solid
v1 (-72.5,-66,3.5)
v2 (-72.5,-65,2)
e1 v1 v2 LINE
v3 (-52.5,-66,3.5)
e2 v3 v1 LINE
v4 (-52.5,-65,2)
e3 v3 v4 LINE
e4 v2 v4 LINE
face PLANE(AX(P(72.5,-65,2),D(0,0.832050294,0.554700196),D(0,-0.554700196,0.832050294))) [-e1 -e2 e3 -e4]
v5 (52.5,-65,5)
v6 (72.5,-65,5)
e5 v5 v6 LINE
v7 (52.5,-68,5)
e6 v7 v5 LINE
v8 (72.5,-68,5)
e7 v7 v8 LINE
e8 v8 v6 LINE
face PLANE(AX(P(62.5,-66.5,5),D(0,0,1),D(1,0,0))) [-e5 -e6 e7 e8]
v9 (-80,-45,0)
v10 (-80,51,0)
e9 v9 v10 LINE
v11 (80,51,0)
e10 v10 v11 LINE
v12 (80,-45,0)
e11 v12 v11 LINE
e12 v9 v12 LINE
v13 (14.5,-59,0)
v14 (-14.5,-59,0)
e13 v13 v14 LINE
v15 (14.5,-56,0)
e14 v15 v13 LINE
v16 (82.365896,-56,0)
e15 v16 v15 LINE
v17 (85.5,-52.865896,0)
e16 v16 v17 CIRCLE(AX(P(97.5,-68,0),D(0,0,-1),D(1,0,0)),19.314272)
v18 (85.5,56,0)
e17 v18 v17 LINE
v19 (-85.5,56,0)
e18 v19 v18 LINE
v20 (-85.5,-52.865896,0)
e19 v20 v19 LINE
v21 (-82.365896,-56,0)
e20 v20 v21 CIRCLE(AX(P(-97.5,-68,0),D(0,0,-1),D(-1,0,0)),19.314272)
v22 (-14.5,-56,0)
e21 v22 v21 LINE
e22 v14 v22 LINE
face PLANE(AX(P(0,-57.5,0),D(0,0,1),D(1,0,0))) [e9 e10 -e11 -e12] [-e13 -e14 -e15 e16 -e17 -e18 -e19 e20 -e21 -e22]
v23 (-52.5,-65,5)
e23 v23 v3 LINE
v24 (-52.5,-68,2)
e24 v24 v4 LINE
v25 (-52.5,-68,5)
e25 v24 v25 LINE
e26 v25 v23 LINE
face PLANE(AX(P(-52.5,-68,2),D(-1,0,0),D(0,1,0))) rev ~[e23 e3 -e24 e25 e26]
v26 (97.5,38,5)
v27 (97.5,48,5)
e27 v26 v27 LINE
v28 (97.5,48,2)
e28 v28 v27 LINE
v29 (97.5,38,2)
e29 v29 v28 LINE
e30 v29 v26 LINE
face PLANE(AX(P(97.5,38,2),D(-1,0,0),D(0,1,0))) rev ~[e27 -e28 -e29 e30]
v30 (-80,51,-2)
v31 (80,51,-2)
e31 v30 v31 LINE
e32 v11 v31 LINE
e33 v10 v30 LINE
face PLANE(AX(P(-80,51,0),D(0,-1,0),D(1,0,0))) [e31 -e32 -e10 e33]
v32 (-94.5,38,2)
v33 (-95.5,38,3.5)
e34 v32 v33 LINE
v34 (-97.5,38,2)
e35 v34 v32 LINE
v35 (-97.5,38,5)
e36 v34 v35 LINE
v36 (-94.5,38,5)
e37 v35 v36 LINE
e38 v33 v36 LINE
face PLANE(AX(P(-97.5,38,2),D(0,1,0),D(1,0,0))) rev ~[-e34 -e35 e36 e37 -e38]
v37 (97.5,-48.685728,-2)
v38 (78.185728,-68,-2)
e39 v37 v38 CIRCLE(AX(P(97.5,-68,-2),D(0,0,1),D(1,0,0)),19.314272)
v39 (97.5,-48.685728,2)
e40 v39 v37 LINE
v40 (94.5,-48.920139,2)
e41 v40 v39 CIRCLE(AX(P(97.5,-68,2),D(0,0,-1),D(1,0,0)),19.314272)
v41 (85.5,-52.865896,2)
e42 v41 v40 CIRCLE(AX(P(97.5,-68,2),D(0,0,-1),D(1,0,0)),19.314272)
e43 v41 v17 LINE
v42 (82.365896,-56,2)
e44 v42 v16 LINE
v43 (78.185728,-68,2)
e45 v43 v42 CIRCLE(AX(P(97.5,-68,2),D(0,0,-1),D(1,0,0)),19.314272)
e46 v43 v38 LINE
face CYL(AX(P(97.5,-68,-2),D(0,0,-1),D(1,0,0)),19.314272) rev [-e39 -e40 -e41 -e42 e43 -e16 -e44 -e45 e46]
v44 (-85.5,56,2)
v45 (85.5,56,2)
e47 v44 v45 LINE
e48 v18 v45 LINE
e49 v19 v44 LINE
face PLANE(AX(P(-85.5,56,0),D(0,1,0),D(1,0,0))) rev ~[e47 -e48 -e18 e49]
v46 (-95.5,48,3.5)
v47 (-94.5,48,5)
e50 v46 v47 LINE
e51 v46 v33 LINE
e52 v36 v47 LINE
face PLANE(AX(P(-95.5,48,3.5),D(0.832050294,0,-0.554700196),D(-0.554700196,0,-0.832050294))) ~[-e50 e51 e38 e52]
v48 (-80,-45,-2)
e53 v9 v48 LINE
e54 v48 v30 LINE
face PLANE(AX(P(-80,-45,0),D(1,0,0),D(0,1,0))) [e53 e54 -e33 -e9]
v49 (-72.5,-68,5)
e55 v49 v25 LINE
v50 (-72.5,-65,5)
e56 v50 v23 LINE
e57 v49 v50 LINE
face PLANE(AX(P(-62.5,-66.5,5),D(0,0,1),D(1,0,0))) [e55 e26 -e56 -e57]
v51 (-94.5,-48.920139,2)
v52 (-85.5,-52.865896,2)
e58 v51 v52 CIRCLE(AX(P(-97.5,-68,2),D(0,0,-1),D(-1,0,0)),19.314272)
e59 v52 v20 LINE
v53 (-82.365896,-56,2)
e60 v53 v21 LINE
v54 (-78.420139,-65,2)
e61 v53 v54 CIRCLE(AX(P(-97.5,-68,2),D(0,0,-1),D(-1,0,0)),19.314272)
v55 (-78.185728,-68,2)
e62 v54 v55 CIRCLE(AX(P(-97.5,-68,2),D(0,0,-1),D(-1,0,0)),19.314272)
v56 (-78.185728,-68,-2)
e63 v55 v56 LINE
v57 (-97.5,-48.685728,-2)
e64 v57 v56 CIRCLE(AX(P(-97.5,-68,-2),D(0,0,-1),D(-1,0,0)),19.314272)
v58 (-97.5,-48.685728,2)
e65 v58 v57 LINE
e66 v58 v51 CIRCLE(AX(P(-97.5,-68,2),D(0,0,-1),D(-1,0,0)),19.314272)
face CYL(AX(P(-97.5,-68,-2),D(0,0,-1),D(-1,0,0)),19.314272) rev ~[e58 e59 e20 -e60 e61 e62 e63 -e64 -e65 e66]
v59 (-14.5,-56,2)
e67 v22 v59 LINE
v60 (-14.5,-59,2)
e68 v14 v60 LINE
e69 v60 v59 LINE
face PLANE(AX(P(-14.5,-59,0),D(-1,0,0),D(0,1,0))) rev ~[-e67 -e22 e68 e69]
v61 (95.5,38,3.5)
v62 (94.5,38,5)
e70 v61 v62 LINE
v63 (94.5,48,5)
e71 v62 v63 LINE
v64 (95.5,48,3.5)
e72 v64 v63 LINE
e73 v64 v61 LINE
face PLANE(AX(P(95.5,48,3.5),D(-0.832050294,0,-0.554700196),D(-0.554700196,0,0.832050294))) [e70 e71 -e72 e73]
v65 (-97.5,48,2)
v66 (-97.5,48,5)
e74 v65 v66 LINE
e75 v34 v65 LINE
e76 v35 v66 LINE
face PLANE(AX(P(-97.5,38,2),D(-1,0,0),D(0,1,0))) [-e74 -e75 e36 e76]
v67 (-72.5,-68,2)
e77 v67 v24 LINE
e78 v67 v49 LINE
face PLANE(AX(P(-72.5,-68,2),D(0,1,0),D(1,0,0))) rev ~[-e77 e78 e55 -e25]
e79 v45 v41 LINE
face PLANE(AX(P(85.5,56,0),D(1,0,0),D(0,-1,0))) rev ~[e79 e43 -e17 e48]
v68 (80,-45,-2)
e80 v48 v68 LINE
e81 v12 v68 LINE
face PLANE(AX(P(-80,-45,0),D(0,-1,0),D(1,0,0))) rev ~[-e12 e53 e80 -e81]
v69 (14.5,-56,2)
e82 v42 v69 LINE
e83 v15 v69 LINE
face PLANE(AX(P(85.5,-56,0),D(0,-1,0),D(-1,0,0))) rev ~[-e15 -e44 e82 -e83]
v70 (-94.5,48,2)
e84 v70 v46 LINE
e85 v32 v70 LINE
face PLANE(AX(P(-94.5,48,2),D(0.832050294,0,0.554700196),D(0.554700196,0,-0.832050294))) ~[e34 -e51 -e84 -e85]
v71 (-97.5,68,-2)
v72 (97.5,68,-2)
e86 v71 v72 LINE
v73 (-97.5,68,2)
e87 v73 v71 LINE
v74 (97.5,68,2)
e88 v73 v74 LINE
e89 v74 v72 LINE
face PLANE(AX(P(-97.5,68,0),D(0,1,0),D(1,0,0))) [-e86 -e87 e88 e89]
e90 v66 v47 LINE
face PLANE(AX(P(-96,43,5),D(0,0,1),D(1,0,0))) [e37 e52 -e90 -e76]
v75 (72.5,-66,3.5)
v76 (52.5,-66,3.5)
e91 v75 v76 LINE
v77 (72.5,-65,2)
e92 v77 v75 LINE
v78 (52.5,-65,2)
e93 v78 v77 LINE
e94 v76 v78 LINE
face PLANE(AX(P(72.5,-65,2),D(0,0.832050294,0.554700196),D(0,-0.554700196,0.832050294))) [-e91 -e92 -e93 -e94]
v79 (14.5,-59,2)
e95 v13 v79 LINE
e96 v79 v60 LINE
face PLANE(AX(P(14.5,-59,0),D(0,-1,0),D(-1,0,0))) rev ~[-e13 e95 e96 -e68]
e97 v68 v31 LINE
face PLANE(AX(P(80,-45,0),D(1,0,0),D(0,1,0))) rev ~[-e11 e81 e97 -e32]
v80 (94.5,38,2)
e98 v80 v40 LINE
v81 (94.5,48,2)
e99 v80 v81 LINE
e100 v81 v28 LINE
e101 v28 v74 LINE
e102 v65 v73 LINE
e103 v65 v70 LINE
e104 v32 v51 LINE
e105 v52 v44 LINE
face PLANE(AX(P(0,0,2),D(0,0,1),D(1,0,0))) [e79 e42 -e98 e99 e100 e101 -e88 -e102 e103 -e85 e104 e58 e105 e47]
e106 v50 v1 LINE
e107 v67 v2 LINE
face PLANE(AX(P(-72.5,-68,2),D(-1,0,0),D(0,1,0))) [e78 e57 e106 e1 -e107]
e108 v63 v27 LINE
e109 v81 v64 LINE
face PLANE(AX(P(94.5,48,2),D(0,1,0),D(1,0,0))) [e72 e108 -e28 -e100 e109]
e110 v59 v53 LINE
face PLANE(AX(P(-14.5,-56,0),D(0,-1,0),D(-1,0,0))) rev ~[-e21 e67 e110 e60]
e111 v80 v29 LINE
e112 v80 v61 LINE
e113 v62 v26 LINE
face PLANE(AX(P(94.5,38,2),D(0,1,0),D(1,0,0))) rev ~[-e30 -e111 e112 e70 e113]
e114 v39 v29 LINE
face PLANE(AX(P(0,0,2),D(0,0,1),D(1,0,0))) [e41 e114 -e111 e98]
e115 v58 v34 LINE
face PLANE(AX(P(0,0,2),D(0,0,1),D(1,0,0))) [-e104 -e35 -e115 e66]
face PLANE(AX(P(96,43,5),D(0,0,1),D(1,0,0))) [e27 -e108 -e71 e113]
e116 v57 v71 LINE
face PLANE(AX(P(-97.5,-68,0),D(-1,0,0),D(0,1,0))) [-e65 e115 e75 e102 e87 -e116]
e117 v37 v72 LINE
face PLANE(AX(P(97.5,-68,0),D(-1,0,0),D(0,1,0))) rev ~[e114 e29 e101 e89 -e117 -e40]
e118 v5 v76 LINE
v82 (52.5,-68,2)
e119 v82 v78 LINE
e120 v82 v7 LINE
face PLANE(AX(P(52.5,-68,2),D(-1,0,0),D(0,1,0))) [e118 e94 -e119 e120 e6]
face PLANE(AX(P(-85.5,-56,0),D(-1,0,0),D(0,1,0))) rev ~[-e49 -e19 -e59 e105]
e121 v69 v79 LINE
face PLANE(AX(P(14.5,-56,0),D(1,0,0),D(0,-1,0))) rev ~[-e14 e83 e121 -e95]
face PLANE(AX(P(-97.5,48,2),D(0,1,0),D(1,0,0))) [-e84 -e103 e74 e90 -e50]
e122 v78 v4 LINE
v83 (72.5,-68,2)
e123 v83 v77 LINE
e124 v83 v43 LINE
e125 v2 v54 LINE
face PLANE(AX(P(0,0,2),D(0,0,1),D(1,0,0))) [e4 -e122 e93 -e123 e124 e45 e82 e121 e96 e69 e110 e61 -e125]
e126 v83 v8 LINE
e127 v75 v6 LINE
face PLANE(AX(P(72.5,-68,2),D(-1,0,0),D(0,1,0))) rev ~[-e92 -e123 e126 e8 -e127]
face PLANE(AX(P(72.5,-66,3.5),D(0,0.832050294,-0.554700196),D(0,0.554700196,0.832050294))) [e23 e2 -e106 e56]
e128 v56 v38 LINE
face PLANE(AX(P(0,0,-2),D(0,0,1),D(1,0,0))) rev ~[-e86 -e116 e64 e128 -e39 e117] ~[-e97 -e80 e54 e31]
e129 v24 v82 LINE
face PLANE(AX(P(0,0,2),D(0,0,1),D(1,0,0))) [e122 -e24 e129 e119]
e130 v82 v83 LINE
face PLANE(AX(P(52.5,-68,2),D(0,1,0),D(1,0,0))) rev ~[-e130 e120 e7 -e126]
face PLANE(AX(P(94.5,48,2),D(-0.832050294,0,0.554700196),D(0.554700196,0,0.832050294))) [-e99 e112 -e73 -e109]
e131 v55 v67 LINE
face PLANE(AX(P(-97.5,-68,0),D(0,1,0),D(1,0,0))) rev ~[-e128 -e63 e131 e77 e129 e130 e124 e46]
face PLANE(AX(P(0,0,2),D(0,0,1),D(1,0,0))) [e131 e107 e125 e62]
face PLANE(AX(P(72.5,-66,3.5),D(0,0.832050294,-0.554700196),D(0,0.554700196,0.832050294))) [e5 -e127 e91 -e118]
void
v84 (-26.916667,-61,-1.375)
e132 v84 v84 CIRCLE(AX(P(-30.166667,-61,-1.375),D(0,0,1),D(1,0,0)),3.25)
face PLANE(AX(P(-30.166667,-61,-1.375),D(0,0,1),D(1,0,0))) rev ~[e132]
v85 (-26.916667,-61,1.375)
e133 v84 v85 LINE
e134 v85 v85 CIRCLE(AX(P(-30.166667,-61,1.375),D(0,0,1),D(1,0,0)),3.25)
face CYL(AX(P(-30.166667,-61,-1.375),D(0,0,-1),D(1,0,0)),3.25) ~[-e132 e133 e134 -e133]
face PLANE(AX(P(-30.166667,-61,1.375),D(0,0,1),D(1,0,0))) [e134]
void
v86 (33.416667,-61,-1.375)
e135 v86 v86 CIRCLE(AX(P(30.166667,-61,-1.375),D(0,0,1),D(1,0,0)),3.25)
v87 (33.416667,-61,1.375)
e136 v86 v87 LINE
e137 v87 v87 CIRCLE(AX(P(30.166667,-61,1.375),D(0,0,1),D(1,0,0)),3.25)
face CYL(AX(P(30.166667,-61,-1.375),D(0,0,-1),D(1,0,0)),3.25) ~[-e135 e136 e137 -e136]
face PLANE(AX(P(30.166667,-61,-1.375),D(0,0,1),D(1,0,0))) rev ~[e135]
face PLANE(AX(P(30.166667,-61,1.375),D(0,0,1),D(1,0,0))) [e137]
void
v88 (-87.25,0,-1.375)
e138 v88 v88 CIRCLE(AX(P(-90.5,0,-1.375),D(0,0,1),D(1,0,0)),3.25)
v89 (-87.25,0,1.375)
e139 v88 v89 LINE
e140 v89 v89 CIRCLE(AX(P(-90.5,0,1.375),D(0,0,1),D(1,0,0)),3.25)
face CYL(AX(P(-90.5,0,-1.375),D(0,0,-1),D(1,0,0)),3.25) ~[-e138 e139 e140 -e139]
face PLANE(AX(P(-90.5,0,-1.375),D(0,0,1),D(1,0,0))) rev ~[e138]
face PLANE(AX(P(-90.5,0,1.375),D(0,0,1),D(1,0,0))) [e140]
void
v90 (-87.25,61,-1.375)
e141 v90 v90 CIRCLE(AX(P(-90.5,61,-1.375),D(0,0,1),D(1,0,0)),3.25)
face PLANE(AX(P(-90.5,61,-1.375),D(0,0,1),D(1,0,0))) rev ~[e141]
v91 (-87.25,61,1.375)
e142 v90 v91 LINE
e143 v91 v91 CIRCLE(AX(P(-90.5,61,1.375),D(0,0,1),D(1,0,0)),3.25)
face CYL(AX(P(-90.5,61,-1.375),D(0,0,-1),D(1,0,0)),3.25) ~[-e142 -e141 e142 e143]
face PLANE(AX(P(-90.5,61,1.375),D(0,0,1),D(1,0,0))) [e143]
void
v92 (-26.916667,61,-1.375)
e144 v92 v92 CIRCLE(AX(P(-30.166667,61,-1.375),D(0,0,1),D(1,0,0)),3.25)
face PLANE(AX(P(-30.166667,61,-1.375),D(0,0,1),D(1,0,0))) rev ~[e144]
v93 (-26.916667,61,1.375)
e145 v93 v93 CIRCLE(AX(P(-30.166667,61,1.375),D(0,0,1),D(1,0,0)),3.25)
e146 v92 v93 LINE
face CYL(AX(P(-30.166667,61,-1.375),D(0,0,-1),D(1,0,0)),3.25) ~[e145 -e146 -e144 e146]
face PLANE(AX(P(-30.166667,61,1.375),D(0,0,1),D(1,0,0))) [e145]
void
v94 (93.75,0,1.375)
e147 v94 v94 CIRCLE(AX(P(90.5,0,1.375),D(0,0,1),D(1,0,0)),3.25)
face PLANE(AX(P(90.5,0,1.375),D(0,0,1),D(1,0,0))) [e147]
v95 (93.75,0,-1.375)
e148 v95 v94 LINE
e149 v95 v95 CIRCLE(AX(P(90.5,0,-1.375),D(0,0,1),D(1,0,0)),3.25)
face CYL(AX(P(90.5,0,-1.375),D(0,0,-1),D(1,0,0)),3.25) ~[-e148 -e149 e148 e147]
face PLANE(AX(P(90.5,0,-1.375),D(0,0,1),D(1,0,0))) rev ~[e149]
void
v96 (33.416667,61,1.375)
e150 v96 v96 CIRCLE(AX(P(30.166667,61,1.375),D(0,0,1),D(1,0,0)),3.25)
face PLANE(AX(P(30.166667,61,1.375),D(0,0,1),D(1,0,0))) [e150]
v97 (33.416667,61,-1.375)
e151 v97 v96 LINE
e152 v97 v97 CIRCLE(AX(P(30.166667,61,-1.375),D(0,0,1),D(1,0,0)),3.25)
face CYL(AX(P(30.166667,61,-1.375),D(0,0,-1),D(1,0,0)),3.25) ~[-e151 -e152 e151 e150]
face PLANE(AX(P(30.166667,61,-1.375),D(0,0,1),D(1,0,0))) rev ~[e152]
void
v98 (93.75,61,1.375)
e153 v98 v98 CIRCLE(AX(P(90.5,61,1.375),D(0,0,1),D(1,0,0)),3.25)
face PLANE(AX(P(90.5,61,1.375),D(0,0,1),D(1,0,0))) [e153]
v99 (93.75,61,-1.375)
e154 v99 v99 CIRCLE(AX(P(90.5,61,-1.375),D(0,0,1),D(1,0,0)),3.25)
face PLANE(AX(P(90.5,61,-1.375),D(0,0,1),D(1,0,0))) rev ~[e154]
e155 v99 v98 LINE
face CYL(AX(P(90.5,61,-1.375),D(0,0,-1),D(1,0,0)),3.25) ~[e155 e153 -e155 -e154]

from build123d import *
from build123d.topology import SkipClean

# Parameters (mm, degrees)
SKETCH1_W               = 195
SKETCH1_H               = 136
SKETCH1_W_2             = 160
SKETCH1_H_2             = 96
BOSS_EXTRUDE1_DEPTH     = 2
SKETCH1_3_W             = 195
SKETCH1_3_H             = 136
BOSS_EXTRUDE2_DEPTH     = 2
CUT_EXTRUDE1_DEPTH      = 1.375
CUT_EXTRUDE1_DEPTH_BACK = 1.375
SKETCH2_R               = 3.25
SKETCH3_R               = 19.314272249
CUT_EXTRUDE2_DEPTH      = 119.938009064
SKETCH5_W               = 20
SKETCH5_H               = 3
SKETCH5_W_2             = 3
SKETCH5_H_2             = 10
BOSS_EXTRUDE3_DEPTH     = 3
CUT_EXTRUDE3_DEPTH      = 184.163861064
CUT_EXTRUDE4_DEPTH      = 152.615467549


with BuildPart() as part:
    # Sketch1 → Boss-Extrude1 (new body)
    with BuildSketch(Plane.XY):
        Rectangle(SKETCH1_W, SKETCH1_H)
        with Locations((0, 3)):
            Rectangle(SKETCH1_W_2, SKETCH1_H_2, mode=Mode.SUBTRACT)
    extrude(amount=-BOSS_EXTRUDE1_DEPTH)

    # Sketch1<3> → Boss-Extrude2 (add)
    with BuildSketch(Plane.XY):
        Rectangle(SKETCH1_3_W, SKETCH1_3_H)
        Polygon((85.5, 56), (85.5, -56), (14.5, -56), (14.5, -59), (-14.5, -59), (-14.5, -56), (-85.5, -56), (-85.5, 56), align=None, mode=Mode.SUBTRACT)
    extrude(amount=BOSS_EXTRUDE2_DEPTH)

    # Sketch2 → Cut-Extrude1 (cut, two sides: drawn at the far end of the back side and taken through both)
    with SkipClean():  # the faces are left unmerged after this step: merging them gives an invalid solid
        with BuildSketch(Plane.XY.offset(-CUT_EXTRUDE1_DEPTH_BACK)):
            with Locations((-90.5, 61)):
                Circle(SKETCH2_R)
            with Locations((90.5, 61)):
                Circle(SKETCH2_R)
            with Locations((90.5, -61)):
                Circle(SKETCH2_R)
            with Locations((-90.5, -61)):
                Circle(SKETCH2_R)
            with Locations((-30.166666667, -61)):
                Circle(SKETCH2_R)
            with Locations((30.166666667, -61)):
                Circle(SKETCH2_R)
            with Locations((90.5, 0)):
                Circle(SKETCH2_R)
            with Locations((-30.166666667, 61)):
                Circle(SKETCH2_R)
            with Locations((30.166666667, 61)):
                Circle(SKETCH2_R)
            with Locations((-90.5, 0)):
                Circle(SKETCH2_R)
        extrude(amount=CUT_EXTRUDE1_DEPTH + CUT_EXTRUDE1_DEPTH_BACK, mode=Mode.SUBTRACT)

    # Sketch3 → Cut-Extrude2 (cut, through all)
    with SkipClean():  # the faces are left unmerged after this step: merging them gives an invalid solid
        with BuildSketch(Plane(origin=(0, 0, -2), x_dir=(-1, 0, 0), z_dir=(0, 0, -1))):
            with Locations((97.5, -68)):
                Circle(SKETCH3_R)
        cut_extrude2 = extrude(amount=-CUT_EXTRUDE2_DEPTH, mode=Mode.SUBTRACT)

    # Mirror1: Cut-Extrude2 across plane
    with SkipClean():  # the faces are left unmerged after this step: merging them gives an invalid solid
        add(cut_extrude2.mirror(Plane(origin=(0, 0, 0), x_dir=(0, 0, 1), z_dir=(1, 0, 0))), mode=Mode.SUBTRACT)

    # Sketch5 → Boss-Extrude3 (add)
    with SkipClean():  # the faces are left unmerged after this step: merging them gives an invalid solid
        with BuildSketch(Plane.XY.offset(2)):
            with Locations((-62.5, -66.5)):
                Rectangle(SKETCH5_W, SKETCH5_H)
            with Locations((62.5, -66.5)):
                Rectangle(SKETCH5_W, SKETCH5_H)
            with Locations((-96, 43)):
                Rectangle(SKETCH5_W_2, SKETCH5_H_2)
            with Locations((96, 43)):
                Rectangle(SKETCH5_W_2, SKETCH5_H_2)
        extrude(amount=BOSS_EXTRUDE3_DEPTH)

    # Sketch6 → Cut-Extrude3 (cut, through all)
    with SkipClean():  # the faces are left unmerged after this step: merging them gives an invalid solid
        with BuildSketch(Plane(origin=(72.5, 0, 0), x_dir=(0, 0, -1), z_dir=(1, 0, 0))):
            Polygon((-3.5, -66), (-2, -65), (-5, -65), align=None)
        extrude(amount=-CUT_EXTRUDE3_DEPTH, mode=Mode.SUBTRACT)

    # Sketch7 → Cut-Extrude4 (cut, through all)
    with SkipClean():  # the faces are left unmerged after this step: merging them gives an invalid solid
        with BuildSketch(Plane(origin=(0, 48, 0), x_dir=(1, 0, 0), z_dir=(0, 1, 0))):
            Polygon((95.5, -3.5), (94.5, -2), (94.5, -5), align=None)
        cut_extrude4 = extrude(amount=-CUT_EXTRUDE4_DEPTH, mode=Mode.SUBTRACT)

    # Mirror2: Cut-Extrude4 across plane
    with SkipClean():  # the faces are left unmerged after this step: merging them gives an invalid solid
        add(cut_extrude4.mirror(Plane(origin=(0, 0, 0), x_dir=(0, 0, 1), z_dir=(1, 0, 0))), mode=Mode.SUBTRACT)


solid = part.part
